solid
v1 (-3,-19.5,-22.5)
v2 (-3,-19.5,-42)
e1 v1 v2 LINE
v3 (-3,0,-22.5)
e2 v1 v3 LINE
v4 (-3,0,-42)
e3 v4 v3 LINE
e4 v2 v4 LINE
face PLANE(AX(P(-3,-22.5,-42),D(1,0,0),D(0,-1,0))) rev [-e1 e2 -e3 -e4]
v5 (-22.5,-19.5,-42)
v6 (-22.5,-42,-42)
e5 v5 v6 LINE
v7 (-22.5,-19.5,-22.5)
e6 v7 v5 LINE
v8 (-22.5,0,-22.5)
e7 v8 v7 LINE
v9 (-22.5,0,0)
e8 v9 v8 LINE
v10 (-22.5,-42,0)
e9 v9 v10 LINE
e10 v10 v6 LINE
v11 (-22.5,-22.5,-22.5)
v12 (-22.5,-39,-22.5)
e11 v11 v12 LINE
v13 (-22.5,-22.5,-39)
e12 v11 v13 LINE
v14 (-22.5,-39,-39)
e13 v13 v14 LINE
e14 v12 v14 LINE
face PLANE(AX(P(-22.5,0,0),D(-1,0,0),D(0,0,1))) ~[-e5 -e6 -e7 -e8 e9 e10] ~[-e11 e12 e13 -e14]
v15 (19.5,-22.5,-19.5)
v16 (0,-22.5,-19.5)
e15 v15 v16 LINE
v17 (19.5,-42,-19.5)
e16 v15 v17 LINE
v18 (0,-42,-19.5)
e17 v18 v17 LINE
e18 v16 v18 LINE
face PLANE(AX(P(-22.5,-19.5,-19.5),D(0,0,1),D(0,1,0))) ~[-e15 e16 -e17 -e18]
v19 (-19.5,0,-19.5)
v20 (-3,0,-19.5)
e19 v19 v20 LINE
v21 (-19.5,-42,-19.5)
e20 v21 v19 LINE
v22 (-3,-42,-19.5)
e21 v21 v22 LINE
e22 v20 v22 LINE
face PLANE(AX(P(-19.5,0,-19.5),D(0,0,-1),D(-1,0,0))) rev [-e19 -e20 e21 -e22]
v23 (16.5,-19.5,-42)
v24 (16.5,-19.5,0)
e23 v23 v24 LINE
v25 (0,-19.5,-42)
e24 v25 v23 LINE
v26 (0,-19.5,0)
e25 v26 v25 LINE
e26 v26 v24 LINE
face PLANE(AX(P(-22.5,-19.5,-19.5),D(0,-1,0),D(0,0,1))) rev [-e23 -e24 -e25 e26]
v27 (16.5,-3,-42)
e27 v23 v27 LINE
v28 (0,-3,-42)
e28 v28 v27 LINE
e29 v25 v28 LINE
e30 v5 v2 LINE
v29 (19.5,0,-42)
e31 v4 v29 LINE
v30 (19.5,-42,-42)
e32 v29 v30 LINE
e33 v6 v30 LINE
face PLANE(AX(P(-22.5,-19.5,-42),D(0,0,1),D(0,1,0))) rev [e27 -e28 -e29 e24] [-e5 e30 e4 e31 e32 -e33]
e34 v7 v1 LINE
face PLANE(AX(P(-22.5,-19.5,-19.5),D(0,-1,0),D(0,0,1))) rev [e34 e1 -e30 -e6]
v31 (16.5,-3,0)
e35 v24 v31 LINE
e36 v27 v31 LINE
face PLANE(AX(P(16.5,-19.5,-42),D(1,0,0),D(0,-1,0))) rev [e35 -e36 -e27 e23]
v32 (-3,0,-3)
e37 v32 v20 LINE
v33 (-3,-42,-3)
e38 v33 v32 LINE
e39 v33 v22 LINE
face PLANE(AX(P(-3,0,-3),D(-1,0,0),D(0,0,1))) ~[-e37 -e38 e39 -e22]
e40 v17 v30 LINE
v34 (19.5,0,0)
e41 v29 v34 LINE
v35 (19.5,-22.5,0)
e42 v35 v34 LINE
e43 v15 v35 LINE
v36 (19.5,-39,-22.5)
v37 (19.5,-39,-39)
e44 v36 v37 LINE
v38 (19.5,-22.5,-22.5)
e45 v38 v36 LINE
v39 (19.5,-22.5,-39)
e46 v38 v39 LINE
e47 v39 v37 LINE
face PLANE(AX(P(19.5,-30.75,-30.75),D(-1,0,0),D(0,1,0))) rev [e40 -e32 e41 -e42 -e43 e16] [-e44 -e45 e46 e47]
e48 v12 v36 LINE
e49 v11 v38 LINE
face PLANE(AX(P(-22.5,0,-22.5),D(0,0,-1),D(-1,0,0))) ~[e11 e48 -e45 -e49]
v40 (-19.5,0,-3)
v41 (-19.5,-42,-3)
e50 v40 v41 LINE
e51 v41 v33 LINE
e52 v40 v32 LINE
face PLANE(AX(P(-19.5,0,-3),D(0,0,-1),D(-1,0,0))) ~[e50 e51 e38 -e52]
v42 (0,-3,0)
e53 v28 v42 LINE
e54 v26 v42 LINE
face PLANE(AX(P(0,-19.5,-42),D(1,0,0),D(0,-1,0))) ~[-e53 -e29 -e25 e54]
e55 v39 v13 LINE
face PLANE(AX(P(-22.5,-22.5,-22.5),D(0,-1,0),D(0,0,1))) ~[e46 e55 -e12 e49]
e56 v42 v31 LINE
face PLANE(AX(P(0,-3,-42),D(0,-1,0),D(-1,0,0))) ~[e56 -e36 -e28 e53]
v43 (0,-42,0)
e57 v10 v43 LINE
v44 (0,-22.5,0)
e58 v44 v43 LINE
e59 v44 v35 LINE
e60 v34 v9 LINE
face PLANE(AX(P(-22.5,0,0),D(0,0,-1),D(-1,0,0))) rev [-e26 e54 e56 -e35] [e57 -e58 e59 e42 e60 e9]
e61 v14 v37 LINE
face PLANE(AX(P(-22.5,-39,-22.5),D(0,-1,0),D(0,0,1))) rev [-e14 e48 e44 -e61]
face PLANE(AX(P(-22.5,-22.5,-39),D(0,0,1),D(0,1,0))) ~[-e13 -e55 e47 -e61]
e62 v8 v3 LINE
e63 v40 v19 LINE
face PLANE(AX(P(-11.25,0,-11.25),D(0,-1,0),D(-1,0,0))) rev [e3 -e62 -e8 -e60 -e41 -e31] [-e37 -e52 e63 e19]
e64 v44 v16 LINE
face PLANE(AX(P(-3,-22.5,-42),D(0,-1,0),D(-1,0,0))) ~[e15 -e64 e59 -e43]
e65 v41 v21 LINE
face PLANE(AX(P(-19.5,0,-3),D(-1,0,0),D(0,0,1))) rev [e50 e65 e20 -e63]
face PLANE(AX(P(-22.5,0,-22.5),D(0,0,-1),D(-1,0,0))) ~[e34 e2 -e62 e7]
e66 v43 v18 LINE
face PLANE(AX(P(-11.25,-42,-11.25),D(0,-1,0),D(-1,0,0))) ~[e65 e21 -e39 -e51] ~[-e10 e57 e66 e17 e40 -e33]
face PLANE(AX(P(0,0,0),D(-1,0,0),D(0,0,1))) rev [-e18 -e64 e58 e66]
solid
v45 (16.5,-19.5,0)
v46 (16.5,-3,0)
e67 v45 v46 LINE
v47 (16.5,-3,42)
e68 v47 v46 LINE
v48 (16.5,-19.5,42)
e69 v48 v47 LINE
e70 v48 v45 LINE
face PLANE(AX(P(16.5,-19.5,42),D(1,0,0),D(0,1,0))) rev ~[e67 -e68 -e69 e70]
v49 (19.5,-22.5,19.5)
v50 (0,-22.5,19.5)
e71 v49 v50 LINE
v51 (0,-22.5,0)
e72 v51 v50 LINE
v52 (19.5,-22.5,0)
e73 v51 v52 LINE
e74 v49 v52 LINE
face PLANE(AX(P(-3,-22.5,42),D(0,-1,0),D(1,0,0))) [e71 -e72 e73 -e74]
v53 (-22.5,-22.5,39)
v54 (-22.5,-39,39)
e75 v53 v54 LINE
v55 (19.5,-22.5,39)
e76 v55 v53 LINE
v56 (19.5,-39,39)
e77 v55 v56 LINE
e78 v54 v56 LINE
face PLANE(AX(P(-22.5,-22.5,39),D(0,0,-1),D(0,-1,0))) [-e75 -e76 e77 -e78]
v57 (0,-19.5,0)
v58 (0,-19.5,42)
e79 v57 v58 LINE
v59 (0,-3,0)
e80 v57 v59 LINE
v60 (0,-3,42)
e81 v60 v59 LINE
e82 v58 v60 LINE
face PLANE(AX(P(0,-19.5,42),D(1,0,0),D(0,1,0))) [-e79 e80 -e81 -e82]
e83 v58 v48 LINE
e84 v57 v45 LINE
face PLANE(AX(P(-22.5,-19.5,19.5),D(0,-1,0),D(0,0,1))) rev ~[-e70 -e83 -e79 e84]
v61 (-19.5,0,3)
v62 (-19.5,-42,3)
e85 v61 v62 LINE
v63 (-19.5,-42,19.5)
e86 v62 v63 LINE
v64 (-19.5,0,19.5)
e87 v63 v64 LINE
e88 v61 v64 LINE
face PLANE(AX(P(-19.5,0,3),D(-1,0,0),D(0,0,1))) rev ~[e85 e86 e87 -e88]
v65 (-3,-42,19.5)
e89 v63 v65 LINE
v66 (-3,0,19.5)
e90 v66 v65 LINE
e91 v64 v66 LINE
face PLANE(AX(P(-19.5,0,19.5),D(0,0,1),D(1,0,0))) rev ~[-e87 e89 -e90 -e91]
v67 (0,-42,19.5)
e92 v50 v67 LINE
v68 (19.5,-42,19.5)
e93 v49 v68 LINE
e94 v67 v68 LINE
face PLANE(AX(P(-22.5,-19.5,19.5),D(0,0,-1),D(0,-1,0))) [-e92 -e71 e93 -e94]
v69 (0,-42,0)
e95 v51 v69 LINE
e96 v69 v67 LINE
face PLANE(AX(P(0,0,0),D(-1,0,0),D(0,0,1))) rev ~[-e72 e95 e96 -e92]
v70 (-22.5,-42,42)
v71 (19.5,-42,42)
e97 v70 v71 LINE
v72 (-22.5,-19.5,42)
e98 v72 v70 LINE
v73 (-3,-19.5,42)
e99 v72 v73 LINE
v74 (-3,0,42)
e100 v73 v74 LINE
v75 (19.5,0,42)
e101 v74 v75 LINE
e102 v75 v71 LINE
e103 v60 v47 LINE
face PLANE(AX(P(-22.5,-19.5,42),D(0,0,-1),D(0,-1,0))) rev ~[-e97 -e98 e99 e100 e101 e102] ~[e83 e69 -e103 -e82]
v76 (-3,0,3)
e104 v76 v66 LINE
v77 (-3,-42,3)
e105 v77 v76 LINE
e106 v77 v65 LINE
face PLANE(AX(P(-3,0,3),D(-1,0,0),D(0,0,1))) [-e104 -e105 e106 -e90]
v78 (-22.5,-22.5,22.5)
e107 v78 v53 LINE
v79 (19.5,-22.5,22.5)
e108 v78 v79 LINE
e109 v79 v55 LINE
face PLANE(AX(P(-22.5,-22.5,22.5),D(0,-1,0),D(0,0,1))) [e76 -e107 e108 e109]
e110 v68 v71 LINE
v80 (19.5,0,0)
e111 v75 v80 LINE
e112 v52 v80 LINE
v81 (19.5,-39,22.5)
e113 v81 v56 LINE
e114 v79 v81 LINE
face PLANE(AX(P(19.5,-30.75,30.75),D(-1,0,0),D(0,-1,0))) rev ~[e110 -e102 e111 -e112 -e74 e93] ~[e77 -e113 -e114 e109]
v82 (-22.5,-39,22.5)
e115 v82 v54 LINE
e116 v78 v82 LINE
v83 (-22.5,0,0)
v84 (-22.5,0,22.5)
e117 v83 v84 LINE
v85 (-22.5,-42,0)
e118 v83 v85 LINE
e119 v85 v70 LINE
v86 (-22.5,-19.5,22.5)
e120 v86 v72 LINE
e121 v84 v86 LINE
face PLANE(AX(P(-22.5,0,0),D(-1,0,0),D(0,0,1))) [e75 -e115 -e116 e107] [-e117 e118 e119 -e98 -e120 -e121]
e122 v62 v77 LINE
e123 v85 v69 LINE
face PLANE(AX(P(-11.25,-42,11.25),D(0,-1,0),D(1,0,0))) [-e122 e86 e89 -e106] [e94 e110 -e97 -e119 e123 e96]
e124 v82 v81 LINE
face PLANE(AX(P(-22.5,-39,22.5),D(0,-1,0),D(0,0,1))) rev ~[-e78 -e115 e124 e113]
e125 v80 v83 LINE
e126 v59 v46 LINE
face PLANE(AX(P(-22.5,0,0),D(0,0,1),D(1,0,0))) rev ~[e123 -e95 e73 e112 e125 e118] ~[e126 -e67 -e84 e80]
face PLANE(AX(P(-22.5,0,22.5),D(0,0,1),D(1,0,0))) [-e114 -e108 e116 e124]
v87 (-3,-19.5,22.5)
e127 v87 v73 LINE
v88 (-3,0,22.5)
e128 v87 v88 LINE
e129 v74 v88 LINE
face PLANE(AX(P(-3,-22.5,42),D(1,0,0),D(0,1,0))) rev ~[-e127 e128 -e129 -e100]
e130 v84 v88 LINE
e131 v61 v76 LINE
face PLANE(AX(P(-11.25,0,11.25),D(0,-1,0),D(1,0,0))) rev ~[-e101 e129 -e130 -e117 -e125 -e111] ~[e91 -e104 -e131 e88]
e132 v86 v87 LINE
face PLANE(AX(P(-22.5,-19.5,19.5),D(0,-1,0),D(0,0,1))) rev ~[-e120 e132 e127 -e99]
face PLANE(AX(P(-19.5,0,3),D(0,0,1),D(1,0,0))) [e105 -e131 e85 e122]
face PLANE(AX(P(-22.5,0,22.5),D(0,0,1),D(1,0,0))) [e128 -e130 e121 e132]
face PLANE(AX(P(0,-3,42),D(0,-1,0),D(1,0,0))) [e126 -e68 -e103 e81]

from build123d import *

# Parameters (mm, degrees)
F0_W     = 22.5
F0_H     = 22.5
F0_W_2   = 16.5
F0_H_2   = 16.5
F1_DEPTH = 42
F2_W     = 22.5
F2_H     = 22.5
F2_W_2   = 16.5
F2_H_2   = 16.5
F3_DEPTH = 42
F4_W     = 22.5
F4_H     = 22.5
F4_W_2   = 16.5
F4_H_2   = 16.5
F5_DEPTH = 42


with BuildPart() as f1:
    # F0 (on Front) → F1 (new body)
    with BuildSketch(Plane.XZ):
        with Locations((-11.25, 11.25)):
            Rectangle(F0_W, F0_H)
        with Locations((-11.25, 11.25)):
            Rectangle(F0_W_2, F0_H_2, mode=Mode.SUBTRACT)
    extrude(amount=F1_DEPTH)

    # F2 (on face) → F3 (join)
    with BuildSketch(Plane(origin=(-22.5, 0, 0), x_dir=(0, -1, 0), z_dir=(-1, 0, 0))):
        with Locations((30.75, 30.75)):
            Rectangle(F2_W, F2_H)
        with Locations((30.75, 30.75)):
            Rectangle(F2_W_2, F2_H_2, mode=Mode.SUBTRACT)
    extrude(amount=-F3_DEPTH)

    # F4 (on face) → F5 (join)
    with BuildSketch(Plane.XY.offset(42)):
        with Locations((8.25, -11.25)):
            Rectangle(F4_W, F4_H)
        with Locations((8.25, -11.25)):
            Rectangle(F4_W_2, F4_H_2, mode=Mode.SUBTRACT)
    extrude(amount=-F5_DEPTH)


with BuildPart() as f6_1:
    # F6: instance of F1
    add(f1.part.mirror(Plane.XY))


solid = Compound([f1.part, f6_1.part])
